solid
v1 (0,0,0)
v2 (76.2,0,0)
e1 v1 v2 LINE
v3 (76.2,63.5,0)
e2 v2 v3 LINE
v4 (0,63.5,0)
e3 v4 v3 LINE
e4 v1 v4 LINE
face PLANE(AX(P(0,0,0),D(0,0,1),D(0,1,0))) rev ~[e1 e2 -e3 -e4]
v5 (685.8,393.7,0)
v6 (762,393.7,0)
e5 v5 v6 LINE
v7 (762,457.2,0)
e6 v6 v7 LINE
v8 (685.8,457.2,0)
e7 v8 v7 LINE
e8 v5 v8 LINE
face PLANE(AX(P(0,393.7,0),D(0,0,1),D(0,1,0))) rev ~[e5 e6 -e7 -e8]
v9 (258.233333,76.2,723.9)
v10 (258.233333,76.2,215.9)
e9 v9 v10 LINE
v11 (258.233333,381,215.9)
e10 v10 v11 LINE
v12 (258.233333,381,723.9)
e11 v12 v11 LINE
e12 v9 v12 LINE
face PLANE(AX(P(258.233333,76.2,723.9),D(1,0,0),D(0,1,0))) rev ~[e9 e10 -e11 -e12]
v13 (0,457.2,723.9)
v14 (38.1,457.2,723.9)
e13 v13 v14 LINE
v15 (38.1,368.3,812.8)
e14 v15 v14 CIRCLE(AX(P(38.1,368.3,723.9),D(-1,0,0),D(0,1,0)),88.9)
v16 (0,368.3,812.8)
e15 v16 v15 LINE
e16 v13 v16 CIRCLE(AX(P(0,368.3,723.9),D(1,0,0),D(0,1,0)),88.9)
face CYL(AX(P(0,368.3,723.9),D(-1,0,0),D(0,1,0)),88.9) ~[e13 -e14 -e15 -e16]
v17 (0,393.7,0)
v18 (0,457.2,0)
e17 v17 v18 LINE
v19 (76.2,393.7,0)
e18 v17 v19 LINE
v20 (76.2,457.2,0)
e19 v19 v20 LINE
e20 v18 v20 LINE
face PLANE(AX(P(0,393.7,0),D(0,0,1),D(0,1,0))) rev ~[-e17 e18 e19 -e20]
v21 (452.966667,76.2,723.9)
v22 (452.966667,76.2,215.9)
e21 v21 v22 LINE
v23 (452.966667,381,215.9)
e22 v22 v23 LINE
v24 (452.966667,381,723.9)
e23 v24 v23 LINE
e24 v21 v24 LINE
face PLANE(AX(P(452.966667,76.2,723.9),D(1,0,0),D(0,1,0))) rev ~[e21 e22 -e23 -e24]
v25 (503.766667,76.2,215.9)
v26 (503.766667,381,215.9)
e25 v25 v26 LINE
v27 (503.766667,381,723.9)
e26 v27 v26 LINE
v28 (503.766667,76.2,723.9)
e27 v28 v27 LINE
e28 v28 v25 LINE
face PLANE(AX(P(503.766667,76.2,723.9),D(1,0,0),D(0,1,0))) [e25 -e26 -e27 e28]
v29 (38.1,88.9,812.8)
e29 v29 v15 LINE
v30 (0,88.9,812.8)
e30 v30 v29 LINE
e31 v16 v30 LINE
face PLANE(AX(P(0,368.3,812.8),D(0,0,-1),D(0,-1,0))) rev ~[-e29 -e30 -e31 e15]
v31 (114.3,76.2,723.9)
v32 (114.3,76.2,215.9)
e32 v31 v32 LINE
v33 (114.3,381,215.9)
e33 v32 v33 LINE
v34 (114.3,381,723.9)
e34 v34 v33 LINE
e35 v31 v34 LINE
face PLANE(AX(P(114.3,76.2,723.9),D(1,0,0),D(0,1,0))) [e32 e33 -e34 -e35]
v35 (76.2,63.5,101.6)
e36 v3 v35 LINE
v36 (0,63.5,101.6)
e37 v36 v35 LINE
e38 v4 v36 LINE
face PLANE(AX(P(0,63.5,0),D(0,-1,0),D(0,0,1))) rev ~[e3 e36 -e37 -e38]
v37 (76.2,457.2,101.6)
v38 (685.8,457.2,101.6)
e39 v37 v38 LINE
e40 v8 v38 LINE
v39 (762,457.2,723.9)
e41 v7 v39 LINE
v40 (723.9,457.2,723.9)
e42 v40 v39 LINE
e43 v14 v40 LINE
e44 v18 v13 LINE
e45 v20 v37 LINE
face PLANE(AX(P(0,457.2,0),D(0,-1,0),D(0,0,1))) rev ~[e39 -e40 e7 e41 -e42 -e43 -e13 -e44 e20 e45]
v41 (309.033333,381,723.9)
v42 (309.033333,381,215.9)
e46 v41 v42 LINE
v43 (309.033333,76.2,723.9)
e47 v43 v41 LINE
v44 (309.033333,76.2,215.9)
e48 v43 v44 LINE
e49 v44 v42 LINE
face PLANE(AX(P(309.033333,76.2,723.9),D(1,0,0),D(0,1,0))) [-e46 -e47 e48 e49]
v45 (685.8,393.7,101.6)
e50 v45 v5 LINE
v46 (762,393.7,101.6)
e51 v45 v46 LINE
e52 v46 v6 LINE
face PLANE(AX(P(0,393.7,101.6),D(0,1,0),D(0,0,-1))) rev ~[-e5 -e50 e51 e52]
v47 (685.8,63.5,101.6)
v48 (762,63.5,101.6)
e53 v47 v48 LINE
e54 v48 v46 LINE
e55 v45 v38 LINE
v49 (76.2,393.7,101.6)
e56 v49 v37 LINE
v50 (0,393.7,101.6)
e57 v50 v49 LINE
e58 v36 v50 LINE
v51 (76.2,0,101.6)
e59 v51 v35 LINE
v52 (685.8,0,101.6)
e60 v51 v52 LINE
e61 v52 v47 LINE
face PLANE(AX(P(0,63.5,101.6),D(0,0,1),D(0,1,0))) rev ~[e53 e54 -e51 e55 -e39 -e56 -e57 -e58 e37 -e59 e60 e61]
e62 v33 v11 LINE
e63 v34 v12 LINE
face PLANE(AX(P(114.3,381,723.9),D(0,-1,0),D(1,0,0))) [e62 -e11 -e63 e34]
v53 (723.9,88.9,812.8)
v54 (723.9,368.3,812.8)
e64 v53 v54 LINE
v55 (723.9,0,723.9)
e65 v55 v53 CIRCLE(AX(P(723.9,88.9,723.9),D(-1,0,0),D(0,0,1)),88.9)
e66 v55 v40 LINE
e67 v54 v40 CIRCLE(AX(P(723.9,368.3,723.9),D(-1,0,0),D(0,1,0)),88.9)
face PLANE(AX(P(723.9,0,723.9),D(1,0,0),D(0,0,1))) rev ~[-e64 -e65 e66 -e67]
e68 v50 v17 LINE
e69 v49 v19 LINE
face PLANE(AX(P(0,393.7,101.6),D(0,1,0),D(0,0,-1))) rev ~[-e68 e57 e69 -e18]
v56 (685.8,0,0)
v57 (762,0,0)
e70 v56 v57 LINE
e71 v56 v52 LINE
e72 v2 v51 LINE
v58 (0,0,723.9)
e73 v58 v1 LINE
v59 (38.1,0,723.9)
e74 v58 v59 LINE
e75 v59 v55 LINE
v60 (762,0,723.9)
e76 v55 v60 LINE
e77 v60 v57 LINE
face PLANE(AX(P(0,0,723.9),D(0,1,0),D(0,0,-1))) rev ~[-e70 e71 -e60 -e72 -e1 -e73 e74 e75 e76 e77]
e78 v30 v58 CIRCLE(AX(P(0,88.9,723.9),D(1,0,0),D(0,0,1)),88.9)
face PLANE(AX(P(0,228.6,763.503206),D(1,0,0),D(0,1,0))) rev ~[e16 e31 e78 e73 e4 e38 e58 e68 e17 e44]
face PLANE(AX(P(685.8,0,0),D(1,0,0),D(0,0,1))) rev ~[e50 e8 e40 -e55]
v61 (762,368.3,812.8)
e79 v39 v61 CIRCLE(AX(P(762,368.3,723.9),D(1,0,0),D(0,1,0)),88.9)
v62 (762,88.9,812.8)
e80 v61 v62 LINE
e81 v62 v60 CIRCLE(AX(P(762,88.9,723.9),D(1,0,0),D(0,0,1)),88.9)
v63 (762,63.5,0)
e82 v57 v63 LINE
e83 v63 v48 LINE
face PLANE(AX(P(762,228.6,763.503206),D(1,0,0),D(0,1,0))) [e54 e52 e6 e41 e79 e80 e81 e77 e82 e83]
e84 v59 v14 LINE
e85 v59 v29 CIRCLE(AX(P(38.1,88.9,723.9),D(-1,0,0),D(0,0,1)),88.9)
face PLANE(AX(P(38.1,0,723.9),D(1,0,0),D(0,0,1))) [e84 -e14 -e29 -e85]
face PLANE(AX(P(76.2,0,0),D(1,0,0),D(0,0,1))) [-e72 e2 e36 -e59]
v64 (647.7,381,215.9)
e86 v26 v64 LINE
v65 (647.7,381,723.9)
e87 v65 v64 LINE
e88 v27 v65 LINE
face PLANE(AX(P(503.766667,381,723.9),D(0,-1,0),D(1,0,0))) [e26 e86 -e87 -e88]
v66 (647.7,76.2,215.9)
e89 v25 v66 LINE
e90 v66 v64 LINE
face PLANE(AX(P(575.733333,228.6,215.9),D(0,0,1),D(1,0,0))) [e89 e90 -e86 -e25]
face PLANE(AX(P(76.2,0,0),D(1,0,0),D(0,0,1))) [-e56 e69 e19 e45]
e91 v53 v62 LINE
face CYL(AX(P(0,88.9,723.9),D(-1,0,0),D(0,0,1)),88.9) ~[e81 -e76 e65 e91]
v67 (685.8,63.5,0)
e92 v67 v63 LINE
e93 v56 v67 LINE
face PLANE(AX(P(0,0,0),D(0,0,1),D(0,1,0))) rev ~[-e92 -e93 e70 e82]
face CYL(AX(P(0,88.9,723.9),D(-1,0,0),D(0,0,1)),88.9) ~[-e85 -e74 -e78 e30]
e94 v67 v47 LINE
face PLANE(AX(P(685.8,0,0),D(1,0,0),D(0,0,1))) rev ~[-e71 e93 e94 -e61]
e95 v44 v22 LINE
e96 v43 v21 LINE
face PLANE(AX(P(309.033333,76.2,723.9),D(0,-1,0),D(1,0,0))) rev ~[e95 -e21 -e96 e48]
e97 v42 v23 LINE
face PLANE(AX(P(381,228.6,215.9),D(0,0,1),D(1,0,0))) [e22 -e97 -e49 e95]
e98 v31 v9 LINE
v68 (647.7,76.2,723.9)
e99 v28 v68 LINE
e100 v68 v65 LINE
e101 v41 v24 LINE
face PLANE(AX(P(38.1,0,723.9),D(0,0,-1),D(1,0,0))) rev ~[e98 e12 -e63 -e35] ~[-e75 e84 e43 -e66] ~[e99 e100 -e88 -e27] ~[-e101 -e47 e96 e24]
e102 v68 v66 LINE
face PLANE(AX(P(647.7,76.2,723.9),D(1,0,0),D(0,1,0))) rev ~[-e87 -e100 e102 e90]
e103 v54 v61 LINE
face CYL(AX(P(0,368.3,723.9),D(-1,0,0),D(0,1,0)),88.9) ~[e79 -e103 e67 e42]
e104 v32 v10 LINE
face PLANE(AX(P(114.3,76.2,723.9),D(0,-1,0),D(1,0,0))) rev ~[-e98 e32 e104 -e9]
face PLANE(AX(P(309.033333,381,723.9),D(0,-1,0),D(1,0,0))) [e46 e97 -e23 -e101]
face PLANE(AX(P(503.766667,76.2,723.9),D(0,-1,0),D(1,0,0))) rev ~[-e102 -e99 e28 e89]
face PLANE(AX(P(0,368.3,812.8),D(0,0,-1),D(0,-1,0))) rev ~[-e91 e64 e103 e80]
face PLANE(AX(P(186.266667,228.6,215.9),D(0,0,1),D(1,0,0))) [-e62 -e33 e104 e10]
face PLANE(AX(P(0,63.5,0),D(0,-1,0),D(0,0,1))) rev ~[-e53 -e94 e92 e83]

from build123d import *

# Parameters (mm, degrees)
F1_DEPTH = 762
F2_W     = 685.8
F2_H     = 88.9
F2_W_2   = 609.6
F2_H_2   = 101.6
F3_DEPTH = 457.201
F4_W     = 143.9333333333
F4_H     = 304.8
F5_DEPTH = 508


with BuildPart() as f1:
    # F0 (on Right) → F1 (new body)
    with BuildSketch(Plane.YZ):
        with BuildLine():
            ThreePointArc((88.9, 812.8), (26.0382071525, 786.7617928475), (0, 723.9))
            Line((0, 723.9), (457.2, 723.9))
            ThreePointArc((457.2, 723.9), (431.1617928475, 786.7617928475), (368.3, 812.8))
            Line((368.3, 812.8), (88.9, 812.8))
        make_face()
        Polygon((0, 723.9), (0, 0), (63.5, 0), (63.5, 101.6), (393.7, 101.6), (393.7, 0), (457.2, 0), (457.2, 723.9), align=None)
    extrude(amount=F1_DEPTH)

    # F2 (on face) → F3 (cut, through all)
    with BuildSketch(Plane.XZ):
        with Locations((381, 768.35)):
            Rectangle(F2_W, F2_H)
        with Locations((381, 50.8)):
            Rectangle(F2_W_2, F2_H_2)
    extrude(amount=-F3_DEPTH, mode=Mode.SUBTRACT)

    # F4 (on face) → F5 (cut)
    with BuildSketch(Plane.XY.offset(723.9)):
        with Locations((186.2666666667, 228.6)):
            Rectangle(F4_W, F4_H)
        with Locations((381, 228.6)):
            Rectangle(F4_W, F4_H)
        with Locations((575.7333333333, 228.6)):
            Rectangle(F4_W, F4_H)
    extrude(amount=-F5_DEPTH, mode=Mode.SUBTRACT)


solid = f1.part
